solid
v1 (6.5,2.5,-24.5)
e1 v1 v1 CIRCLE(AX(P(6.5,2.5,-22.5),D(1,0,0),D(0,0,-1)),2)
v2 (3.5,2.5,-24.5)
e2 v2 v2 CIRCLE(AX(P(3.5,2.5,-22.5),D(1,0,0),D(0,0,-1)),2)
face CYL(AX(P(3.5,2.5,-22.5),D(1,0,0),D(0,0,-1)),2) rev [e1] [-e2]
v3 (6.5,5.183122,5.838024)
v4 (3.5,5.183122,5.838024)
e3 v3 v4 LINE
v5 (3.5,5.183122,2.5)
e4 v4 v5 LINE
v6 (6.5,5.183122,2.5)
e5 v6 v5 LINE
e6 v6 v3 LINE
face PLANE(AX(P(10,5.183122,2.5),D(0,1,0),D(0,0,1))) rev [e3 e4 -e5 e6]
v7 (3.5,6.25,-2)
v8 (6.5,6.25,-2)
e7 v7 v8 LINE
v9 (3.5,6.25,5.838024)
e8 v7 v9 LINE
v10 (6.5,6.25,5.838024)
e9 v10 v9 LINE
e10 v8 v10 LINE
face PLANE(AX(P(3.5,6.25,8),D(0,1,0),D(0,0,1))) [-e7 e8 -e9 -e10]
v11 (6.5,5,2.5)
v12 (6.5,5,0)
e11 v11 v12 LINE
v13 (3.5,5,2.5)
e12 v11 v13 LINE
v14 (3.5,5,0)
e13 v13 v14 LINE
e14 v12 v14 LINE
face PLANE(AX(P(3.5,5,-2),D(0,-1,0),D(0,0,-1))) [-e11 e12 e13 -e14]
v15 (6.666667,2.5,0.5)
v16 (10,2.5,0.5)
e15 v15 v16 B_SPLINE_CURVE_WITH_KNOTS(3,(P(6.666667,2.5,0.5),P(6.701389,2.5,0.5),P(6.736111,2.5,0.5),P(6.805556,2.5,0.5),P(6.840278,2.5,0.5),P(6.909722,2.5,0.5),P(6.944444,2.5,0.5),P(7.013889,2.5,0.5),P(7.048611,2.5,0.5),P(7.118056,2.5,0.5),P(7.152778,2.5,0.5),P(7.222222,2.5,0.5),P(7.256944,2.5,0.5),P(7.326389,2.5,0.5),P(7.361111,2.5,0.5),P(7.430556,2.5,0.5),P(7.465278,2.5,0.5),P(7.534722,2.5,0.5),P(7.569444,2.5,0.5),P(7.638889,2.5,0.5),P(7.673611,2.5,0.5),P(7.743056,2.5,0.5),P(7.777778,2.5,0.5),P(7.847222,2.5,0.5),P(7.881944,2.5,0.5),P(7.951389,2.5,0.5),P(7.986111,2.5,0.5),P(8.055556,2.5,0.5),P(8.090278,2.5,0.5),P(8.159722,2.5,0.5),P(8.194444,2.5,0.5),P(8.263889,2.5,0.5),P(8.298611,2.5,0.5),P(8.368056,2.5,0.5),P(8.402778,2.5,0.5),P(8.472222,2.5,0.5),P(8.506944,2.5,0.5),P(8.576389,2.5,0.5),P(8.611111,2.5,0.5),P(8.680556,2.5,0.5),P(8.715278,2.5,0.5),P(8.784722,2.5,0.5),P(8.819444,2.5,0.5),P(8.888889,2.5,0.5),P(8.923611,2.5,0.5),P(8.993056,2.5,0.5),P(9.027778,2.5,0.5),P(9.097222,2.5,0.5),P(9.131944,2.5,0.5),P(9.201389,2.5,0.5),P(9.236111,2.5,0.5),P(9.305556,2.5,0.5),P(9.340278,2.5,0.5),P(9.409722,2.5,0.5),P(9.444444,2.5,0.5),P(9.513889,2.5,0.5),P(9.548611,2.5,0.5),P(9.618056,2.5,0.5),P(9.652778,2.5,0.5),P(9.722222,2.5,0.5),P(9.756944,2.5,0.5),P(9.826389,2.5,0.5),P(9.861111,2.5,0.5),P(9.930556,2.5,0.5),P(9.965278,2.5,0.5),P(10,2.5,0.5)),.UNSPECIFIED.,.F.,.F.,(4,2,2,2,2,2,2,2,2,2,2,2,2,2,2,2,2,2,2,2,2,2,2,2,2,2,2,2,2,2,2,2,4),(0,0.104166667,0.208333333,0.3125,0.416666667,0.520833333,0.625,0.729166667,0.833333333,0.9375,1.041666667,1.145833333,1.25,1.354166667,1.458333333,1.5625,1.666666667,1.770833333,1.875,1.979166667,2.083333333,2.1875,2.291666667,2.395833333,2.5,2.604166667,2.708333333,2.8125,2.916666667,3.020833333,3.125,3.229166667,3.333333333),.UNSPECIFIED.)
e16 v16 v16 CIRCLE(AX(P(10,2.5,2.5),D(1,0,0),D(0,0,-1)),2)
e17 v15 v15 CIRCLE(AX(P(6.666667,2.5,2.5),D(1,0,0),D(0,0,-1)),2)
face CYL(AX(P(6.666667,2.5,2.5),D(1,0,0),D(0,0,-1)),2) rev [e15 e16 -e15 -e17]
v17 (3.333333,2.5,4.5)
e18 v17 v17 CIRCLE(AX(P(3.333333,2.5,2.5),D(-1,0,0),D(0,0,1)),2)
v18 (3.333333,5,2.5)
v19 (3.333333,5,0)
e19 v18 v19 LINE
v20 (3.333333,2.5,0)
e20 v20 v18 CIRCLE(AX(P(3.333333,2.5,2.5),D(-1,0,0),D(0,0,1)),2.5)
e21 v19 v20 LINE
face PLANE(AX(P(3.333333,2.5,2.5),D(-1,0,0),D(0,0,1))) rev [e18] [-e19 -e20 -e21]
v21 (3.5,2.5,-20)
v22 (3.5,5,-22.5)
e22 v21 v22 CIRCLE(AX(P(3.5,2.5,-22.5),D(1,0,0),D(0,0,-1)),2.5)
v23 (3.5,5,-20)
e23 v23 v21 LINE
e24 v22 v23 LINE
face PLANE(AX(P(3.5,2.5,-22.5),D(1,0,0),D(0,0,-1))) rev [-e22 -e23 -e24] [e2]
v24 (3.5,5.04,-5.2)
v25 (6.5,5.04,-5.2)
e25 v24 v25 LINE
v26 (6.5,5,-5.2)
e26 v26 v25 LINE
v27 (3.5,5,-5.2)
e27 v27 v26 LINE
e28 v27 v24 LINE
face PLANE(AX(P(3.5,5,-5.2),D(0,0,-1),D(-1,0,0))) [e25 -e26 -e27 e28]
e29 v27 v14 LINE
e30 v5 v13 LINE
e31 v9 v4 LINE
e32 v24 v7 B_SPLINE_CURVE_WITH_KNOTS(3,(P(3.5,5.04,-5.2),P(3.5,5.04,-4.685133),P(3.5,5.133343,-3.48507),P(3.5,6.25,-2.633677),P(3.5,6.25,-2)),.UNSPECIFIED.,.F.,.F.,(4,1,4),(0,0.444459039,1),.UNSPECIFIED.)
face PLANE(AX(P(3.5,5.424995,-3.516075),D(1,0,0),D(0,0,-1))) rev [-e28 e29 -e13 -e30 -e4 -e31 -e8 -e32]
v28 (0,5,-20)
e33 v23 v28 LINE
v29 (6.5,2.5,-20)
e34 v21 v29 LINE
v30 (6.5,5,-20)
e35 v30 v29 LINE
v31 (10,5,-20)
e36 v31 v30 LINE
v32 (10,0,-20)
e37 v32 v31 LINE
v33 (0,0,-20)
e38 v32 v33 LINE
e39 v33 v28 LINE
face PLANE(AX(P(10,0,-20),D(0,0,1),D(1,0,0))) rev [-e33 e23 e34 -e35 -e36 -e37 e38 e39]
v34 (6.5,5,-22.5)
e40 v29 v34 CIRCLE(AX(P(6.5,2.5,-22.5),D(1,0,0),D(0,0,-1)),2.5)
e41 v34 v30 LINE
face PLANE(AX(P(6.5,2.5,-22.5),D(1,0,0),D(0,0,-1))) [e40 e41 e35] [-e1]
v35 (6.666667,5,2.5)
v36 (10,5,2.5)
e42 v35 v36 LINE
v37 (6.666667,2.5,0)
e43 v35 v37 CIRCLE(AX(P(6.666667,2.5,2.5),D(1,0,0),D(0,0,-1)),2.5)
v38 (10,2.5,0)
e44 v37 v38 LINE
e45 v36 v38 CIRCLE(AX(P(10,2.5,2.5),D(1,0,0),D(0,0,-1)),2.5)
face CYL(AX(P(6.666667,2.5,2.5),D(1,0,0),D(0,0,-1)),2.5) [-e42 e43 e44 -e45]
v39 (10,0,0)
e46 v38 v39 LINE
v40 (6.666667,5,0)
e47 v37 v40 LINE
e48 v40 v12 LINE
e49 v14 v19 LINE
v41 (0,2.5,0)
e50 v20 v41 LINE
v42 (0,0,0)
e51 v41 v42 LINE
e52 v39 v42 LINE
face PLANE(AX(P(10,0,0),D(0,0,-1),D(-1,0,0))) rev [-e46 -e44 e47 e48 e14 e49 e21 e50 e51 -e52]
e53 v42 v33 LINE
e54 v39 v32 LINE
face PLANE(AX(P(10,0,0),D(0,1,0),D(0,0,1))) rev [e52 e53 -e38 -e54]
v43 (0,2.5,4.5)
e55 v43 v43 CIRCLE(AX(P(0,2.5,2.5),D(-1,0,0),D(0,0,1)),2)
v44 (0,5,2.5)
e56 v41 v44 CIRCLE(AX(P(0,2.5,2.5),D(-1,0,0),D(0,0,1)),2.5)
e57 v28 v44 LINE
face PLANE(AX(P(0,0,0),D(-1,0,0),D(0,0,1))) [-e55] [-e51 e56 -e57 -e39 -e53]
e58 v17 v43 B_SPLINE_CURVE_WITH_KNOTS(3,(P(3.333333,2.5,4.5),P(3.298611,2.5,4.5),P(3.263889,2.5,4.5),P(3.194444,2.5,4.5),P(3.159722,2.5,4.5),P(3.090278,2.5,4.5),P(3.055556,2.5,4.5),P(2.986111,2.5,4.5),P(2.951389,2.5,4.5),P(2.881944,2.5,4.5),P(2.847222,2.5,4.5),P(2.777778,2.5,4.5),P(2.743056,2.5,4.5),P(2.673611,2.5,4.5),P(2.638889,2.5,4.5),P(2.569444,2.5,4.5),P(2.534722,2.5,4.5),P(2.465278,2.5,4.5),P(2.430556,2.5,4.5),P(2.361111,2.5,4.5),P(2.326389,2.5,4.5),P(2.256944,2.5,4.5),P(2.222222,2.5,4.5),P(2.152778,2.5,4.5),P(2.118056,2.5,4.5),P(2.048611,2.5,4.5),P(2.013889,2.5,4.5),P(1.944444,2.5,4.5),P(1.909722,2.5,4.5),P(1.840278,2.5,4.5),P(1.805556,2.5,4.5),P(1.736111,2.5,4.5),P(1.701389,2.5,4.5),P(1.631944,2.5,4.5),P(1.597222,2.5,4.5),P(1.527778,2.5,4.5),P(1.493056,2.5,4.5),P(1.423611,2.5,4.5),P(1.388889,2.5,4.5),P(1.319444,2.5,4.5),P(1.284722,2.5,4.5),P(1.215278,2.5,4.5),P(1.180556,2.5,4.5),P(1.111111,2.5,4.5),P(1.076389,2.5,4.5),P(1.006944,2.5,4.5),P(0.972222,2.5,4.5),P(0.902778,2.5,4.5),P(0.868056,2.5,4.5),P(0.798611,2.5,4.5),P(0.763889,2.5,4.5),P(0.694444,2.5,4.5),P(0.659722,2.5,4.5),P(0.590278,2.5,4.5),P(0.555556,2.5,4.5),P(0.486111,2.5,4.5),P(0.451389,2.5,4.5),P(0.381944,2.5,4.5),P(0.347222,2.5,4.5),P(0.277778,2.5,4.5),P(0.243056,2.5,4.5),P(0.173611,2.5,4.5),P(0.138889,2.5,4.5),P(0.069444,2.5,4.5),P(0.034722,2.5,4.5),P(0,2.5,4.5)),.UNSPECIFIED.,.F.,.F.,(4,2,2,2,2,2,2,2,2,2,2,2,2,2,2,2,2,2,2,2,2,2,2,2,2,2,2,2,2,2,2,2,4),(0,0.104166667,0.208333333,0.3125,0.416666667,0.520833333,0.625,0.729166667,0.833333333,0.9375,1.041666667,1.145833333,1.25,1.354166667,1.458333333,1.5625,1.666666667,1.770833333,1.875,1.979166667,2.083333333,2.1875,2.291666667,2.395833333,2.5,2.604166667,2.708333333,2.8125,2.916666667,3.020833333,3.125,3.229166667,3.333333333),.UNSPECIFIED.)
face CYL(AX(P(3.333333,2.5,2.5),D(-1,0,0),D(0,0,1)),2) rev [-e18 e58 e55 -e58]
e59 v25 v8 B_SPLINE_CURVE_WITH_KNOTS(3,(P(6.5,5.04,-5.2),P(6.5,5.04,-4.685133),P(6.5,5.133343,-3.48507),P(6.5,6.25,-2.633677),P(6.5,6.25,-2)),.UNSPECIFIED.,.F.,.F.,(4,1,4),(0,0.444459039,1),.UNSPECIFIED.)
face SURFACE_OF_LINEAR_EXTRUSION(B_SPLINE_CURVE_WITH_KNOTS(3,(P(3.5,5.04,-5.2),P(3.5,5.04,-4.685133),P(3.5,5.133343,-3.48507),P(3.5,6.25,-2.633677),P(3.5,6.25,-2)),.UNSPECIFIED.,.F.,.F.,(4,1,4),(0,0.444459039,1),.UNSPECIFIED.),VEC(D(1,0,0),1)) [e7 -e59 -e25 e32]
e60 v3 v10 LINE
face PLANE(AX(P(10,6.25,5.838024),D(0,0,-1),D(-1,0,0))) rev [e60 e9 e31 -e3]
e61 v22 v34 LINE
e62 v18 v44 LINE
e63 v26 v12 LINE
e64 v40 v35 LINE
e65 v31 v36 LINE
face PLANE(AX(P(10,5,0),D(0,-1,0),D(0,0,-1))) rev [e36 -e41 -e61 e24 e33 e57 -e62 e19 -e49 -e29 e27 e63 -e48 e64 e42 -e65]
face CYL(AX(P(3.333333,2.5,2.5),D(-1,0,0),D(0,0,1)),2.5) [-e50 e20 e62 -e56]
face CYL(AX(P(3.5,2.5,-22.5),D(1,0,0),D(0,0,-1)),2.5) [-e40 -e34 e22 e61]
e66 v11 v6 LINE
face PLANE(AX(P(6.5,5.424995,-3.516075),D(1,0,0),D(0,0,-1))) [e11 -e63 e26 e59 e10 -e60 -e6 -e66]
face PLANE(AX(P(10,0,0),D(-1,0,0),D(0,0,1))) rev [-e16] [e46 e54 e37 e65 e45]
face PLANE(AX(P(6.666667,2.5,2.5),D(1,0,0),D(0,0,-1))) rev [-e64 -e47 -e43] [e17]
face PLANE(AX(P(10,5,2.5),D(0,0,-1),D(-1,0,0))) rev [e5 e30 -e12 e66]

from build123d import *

# Parameters (mm, degrees)
SKETCH2_W                = 20
SKETCH2_H                = 5
BOSS_EXTRUDE1_DEPTH      = 10
SKETCH4_R                = 2
BOSS_EXTRUDE2_DEPTH      = 3.333333333
BOSS_EXTRUDE3_START      = -3.333333333
SKETCH5_R                = 2
BOSS_EXTRUDE3_DEPTH      = 3.333333333
BOSS_EXTRUDE4_DEPTH      = 1.5
BOSS_EXTRUDE4_DEPTH_BACK = 1.5
SKETCH7_R                = 2
BOSS_EXTRUDE5_DEPTH      = 1.5
BOSS_EXTRUDE5_DEPTH_BACK = 1.5
CUT_EXTRUDE1_DEPTH       = 27.57654043


with BuildPart() as part:
    # Sketch2 → Boss-Extrude1 (new body)
    with BuildSketch(Plane(origin=(0, 0, 0), x_dir=(0, 0, -1), z_dir=(1, 0, 0))):
        with Locations((10, 2.5)):
            Rectangle(SKETCH2_W, SKETCH2_H)
    extrude(amount=BOSS_EXTRUDE1_DEPTH)

    # Sketch4 → Boss-Extrude2 (add)
    with BuildSketch(Plane(origin=(10, 0, 0), x_dir=(0, 0, -1), z_dir=(1, 0, 0))):
        with BuildLine():
            Line((-2.5, 5), (0, 5))
            Line((0, 5), (0, 2.5))
            ThreePointArc((0, 2.5), (-4.267766953, 0.732233047), (-2.5, 5))
        make_face()
        with Locations((-2.5, 2.5)):
            Circle(SKETCH4_R, mode=Mode.SUBTRACT)
    extrude(amount=-BOSS_EXTRUDE2_DEPTH)

    # Sketch5 → Boss-Extrude3 (add)
    with BuildSketch(Plane.ZY.offset(BOSS_EXTRUDE3_START)):
        with BuildLine():
            Line((2.5, 5), (0, 5))
            Line((0, 5), (0, 2.5))
            ThreePointArc((0, 2.5), (4.267766953, 0.732233047), (2.5, 5))
        make_face()
        with Locations(Location((2.5, 2.5, 0), (0, 0, 180))):
            Circle(SKETCH5_R, mode=Mode.SUBTRACT)
    extrude(amount=BOSS_EXTRUDE3_DEPTH)

    # Sketch7 → Boss-Extrude4 (add, two sides: drawn at the far end of the back side and taken through both)
    with BuildSketch(Plane(origin=(5, 0, 0), x_dir=(0, 0, -1), z_dir=(1, 0, 0)).offset(-BOSS_EXTRUDE4_DEPTH_BACK)):
        with BuildLine():
            Line((20, 5), (22.5, 5))
            ThreePointArc((22.5, 5), (24.267766953, 0.732233047), (20, 2.5))
            Line((20, 2.5), (20, 5))
        make_face()
        with Locations((22.5, 2.5)):
            Circle(SKETCH7_R, mode=Mode.SUBTRACT)
    extrude(amount=BOSS_EXTRUDE4_DEPTH + BOSS_EXTRUDE4_DEPTH_BACK)

    # Sketch8 → Boss-Extrude5 (add, two sides: drawn at the far end of the back side and taken through both)
    with BuildSketch(Plane(origin=(5, 0, 0), x_dir=(0, 0, -1), z_dir=(1, 0, 0)).offset(-BOSS_EXTRUDE5_DEPTH_BACK)):
        with BuildLine():
            Line((0, 5), (2, 5))
            Line((2, 5), (5.2, 5))
            Line((5.2, 5), (5.2, 5.04))
            add(Edge.make_bspline(
                [(2, 6.25), (2.633677282, 6.25), (3.485069852, 5.13334343), (4.685132782, 5.04), (5.2, 5.04)],
                knots=[0, 0, 0, 0, 0.555540961, 1, 1, 1, 1], degree=3))
            Line((2, 6.25), (-8, 6.25))
            Line((-8, 6.25), (-8, 5))
            Line((-8, 5), (0, 5))
        make_face()
    extrude(amount=BOSS_EXTRUDE5_DEPTH + BOSS_EXTRUDE5_DEPTH_BACK)

    # Sketch9 → Cut-Extrude1 (cut, through all)
    with BuildSketch(Plane.ZY.offset(-3.5)):
        Polygon((8, 6.25), (5.838024107, 6.25), (5.838024107, 5.183121739), (2.5, 5.183121739), (2.5, 5), (8, 5), align=None)
    extrude(amount=-CUT_EXTRUDE1_DEPTH, mode=Mode.SUBTRACT)


solid = part.part
